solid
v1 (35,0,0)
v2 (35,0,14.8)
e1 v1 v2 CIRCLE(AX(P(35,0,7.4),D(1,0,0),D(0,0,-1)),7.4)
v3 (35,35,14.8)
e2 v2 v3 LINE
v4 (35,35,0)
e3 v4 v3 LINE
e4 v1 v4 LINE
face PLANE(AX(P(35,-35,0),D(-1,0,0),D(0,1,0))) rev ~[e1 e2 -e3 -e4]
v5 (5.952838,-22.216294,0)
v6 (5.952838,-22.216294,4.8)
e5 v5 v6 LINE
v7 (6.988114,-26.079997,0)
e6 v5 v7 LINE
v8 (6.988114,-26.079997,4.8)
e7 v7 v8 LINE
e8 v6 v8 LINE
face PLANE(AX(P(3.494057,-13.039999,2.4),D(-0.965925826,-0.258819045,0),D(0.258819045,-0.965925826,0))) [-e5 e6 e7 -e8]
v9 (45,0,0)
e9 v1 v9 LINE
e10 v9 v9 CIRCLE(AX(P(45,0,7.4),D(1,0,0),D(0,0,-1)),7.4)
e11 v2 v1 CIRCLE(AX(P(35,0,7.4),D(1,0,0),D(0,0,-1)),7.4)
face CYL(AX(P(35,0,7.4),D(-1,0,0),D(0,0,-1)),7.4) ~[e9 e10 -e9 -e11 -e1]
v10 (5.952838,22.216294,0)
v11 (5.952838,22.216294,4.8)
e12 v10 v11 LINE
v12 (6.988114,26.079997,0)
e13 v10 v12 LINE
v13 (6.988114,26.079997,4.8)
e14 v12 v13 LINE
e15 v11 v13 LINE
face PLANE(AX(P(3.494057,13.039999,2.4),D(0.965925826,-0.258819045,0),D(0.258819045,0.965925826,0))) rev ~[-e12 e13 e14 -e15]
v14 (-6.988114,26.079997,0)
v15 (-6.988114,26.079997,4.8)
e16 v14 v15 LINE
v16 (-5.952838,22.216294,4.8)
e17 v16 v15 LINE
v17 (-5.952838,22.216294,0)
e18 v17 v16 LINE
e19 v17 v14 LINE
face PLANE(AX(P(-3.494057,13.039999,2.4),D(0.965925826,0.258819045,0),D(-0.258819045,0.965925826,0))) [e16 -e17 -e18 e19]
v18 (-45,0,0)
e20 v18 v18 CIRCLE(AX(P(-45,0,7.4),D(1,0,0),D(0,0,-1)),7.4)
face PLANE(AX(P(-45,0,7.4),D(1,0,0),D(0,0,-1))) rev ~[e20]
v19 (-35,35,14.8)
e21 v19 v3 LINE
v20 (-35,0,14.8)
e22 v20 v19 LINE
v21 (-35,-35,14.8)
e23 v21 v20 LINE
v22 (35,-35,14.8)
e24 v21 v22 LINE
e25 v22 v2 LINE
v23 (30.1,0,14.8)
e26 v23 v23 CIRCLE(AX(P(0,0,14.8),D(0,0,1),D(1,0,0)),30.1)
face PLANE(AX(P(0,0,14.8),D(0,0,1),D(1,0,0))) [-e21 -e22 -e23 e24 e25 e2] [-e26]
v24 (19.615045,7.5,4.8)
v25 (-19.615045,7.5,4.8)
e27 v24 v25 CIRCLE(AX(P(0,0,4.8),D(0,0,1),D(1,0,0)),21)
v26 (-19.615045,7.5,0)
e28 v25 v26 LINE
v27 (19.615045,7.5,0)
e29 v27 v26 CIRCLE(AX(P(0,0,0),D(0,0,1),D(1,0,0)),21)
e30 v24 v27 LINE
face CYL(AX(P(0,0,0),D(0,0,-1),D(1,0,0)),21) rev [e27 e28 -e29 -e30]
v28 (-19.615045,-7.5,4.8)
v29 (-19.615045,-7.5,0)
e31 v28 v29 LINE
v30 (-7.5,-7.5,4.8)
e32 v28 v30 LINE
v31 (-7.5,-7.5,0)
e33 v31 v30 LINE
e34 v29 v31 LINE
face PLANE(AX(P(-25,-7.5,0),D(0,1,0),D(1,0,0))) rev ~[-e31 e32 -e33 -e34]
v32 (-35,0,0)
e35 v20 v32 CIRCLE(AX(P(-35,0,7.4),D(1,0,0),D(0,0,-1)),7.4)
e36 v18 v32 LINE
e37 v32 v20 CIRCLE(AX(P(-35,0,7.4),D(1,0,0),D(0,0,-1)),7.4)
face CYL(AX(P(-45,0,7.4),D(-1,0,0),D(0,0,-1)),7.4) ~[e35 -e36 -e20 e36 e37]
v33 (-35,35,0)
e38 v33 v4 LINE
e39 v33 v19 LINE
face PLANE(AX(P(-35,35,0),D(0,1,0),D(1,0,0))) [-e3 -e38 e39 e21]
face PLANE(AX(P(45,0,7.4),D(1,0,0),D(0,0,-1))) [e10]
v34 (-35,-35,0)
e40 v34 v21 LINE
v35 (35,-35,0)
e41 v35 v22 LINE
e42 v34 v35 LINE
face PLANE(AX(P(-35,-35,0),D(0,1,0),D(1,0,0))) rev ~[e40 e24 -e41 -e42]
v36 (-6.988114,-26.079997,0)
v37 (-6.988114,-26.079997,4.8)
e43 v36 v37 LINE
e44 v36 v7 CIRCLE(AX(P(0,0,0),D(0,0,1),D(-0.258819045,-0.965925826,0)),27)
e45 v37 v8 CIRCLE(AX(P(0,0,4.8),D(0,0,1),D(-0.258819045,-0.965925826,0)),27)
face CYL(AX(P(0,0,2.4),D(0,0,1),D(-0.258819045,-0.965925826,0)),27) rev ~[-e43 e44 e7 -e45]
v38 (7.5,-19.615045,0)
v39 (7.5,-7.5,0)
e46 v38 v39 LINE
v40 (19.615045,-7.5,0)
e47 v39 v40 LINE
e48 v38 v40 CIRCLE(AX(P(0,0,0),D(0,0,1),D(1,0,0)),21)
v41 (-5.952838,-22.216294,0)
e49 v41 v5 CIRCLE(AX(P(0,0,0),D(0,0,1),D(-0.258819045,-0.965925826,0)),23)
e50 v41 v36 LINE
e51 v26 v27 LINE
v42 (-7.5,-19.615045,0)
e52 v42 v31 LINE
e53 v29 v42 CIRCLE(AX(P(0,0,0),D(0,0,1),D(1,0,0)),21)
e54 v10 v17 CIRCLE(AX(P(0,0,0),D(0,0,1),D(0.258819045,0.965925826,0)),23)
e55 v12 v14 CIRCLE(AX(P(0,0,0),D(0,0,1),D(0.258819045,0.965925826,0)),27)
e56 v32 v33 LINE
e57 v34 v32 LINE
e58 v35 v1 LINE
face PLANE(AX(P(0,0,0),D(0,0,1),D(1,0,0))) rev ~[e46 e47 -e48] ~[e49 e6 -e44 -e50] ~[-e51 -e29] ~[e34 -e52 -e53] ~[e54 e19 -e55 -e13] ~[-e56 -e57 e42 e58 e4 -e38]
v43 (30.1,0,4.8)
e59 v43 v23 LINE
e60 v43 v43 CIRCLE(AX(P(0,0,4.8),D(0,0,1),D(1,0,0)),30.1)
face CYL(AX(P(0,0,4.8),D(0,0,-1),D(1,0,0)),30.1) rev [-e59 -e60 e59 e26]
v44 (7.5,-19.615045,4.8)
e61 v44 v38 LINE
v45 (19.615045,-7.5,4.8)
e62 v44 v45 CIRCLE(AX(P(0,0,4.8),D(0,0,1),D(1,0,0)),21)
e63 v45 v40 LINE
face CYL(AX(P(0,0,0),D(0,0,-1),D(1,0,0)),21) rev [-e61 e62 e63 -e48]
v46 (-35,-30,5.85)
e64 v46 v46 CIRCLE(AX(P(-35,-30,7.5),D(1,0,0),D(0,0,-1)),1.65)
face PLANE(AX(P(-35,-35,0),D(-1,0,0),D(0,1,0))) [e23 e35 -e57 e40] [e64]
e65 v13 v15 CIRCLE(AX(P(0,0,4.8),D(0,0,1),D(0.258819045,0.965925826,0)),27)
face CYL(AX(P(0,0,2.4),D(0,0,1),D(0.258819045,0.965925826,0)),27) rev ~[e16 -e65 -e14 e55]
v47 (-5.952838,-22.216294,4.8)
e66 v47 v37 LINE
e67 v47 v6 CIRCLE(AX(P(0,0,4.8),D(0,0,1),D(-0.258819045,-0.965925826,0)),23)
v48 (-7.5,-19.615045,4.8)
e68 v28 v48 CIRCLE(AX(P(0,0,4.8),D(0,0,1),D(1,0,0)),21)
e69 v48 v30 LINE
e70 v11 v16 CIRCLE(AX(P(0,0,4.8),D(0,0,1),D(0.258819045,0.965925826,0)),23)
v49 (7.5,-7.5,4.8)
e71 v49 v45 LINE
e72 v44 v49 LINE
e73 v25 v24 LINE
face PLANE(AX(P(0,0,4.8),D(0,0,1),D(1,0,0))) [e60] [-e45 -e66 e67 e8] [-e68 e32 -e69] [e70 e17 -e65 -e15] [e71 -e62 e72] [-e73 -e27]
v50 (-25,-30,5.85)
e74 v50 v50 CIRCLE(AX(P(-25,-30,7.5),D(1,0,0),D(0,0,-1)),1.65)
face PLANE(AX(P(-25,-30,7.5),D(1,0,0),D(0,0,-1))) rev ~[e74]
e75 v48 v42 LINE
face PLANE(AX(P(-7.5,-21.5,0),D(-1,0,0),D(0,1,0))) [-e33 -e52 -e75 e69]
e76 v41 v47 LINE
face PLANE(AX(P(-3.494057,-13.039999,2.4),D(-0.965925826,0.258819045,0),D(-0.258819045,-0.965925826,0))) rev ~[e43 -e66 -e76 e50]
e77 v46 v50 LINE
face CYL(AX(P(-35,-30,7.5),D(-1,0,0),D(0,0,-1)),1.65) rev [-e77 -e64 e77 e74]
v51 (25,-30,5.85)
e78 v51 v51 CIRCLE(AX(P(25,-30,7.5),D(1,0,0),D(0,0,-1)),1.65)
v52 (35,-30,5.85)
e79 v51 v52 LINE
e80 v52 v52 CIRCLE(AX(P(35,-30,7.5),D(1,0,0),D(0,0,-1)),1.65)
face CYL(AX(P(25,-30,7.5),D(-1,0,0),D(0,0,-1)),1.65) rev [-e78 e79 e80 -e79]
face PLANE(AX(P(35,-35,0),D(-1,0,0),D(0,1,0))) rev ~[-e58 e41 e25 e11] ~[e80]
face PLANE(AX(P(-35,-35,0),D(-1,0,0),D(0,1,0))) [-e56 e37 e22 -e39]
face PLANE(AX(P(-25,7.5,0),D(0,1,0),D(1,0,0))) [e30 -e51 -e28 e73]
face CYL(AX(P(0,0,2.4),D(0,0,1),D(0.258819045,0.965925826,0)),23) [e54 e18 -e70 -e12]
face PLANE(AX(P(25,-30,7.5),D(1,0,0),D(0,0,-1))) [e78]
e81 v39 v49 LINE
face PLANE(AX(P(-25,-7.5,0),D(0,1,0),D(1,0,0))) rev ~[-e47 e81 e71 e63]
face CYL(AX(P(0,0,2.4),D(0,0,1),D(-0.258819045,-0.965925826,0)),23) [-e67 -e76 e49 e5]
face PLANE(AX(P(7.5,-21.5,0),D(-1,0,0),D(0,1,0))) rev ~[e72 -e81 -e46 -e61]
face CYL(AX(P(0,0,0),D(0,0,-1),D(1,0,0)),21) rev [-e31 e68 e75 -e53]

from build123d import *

# Parameters (mm, degrees)
BOX001_W               = 50
BOX001_H               = 15
BOX001_DEPTH           = 4.8
CYLINDER006_R          = 7.4
CYLINDER006_DEPTH      = 10
BOX002_W               = 15
BOX002_H               = 21.5
BOX002_DEPTH           = 4.8
CYLINDER005_R          = 7.4
CYLINDER005_DEPTH      = 10
CYLINDER002_W          = 23
CYLINDER002_H          = 4.8
CYLINDER002_ANGLE      = 30
CYLINDER001_W          = 27
CYLINDER001_H          = 4.8
CYLINDER001_ANGLE      = 30
CUT001_PLACEMENT_ANGLE = 105
CYLINDER010_R          = 1.65
CYLINDER010_DEPTH      = 10
CYLINDER012_R          = 1.65
CYLINDER012_DEPTH      = 10
CYLINDER013_R          = 21
CYLINDER013_DEPTH      = 4.8
CYLINDER004_W          = 23
CYLINDER004_H          = 4.8
CYLINDER004_ANGLE      = 30
CYLINDER003_W          = 27
CYLINDER003_H          = 4.8
CYLINDER003_ANGLE      = 30
CUT002_PLACEMENT_ANGLE = 75
CYLINDER_R             = 30.1
CYLINDER_DEPTH         = 10
BOX_W                  = 70
BOX_H                  = 70
BOX_DEPTH              = 14.8


with BuildPart() as w_rfel001:
    # Box001 → Box001 (new body)
    with BuildSketch(Plane(origin=(-25, -7.5, 0), x_dir=(1, 0, 0), z_dir=(0, 0, 1))):
        with Locations((25, 7.5)):
            Rectangle(BOX001_W, BOX001_H)
    extrude(amount=BOX001_DEPTH)


with BuildPart() as cylinder006:
    # Cylinder006 → Cylinder006 (new body)
    with BuildSketch(Plane(origin=(35, 0, 7.4), x_dir=(0, 0, -1), z_dir=(1, 0, 0))):
        Circle(CYLINDER006_R)
    extrude(amount=CYLINDER006_DEPTH)


with BuildPart() as w_rfel002:
    # Box002 → Box002 (new body)
    with BuildSketch(Plane(origin=(-7.5, -21.5, 0), x_dir=(1, 0, 0), z_dir=(0, 0, 1))):
        with Locations((7.5, 10.75)):
            Rectangle(BOX002_W, BOX002_H)
    extrude(amount=BOX002_DEPTH)


with BuildPart() as fusion001:
    # Cylinder005 → Cylinder005 (new body)
    with BuildSketch(Plane(origin=(-45, 0, 7.4), x_dir=(0, 0, -1), z_dir=(1, 0, 0))):
        Circle(CYLINDER005_R)
    extrude(amount=CYLINDER005_DEPTH)

    # Fusion001: union Würfel001, Cylinder006, Würfel002
    add(w_rfel001.part)
    add(cylinder006.part)
    add(w_rfel002.part)


with BuildPart() as zylinder002:
    # Cylinder002 → Cylinder002 (revolve)
    with BuildSketch(Plane.XZ):
        with Locations((11.5, 2.4)):
            Rectangle(CYLINDER002_W, CYLINDER002_H)
    revolve(axis=Axis((0, 0, 0), (0, 0, 1)), revolution_arc=CYLINDER002_ANGLE)


with BuildPart() as cut004:
    # Cylinder001 → Cylinder001 (revolve)
    with BuildSketch(Plane.XZ):
        with Locations((13.5, 2.4)):
            Rectangle(CYLINDER001_W, CYLINDER001_H)
    revolve(axis=Axis((0, 0, 0), (0, 0, 1)), revolution_arc=CYLINDER001_ANGLE)

    # Cut001: cut Zylinder002
    add(zylinder002.part, mode=Mode.SUBTRACT)


with BuildPart() as cut004_1:
    # Cut001 placement: moved
    add(cut004.part.rotate(Axis((0, 0, 0), (0, 0, -1)), CUT001_PLACEMENT_ANGLE))


with BuildPart() as cylinder010:
    # Cylinder010 → Cylinder010 (new body)
    with BuildSketch(Plane(origin=(-35, -30, 7.5), x_dir=(0, 0, -1), z_dir=(1, 0, 0))):
        Circle(CYLINDER010_R)
    extrude(amount=CYLINDER010_DEPTH)


with BuildPart() as cylinder012:
    # Cylinder012 → Cylinder012 (new body)
    with BuildSketch(Plane(origin=(25, -30, 7.5), x_dir=(0, 0, -1), z_dir=(1, 0, 0))):
        Circle(CYLINDER012_R)
    extrude(amount=CYLINDER012_DEPTH)


with BuildPart() as cylinder013:
    # Cylinder013 → Cylinder013 (new body)
    with BuildSketch(Plane.XY):
        Circle(CYLINDER013_R)
    extrude(amount=CYLINDER013_DEPTH)


with BuildPart() as zylinder004:
    # Cylinder004 → Cylinder004 (revolve)
    with BuildSketch(Plane.XZ):
        with Locations((11.5, 2.4)):
            Rectangle(CYLINDER004_W, CYLINDER004_H)
    revolve(axis=Axis((0, 0, 0), (0, 0, 1)), revolution_arc=CYLINDER004_ANGLE)


with BuildPart() as bohrschlitze:
    # Cylinder003 → Cylinder003 (revolve)
    with BuildSketch(Plane.XZ):
        with Locations((13.5, 2.4)):
            Rectangle(CYLINDER003_W, CYLINDER003_H)
    revolve(axis=Axis((0, 0, 0), (0, 0, 1)), revolution_arc=CYLINDER003_ANGLE)

    # Cut002: cut Zylinder004
    add(zylinder004.part, mode=Mode.SUBTRACT)


with BuildPart() as bohrschlitze_1:
    # Cut002 placement: moved
    add(bohrschlitze.part.rotate(Axis((0, 0, 0), (0, 0, 1)), CUT002_PLACEMENT_ANGLE))

    # Fusion: union Cut004, Cylinder010, Cylinder012, Cylinder013
    add(cut004_1.part)
    add(cylinder010.part)
    add(cylinder012.part)
    add(cylinder013.part)


with BuildPart() as zylinder:
    # Cylinder → Cylinder (new body)
    with BuildSketch(Plane.XY.offset(4.8)):
        Circle(CYLINDER_R)
    extrude(amount=CYLINDER_DEPTH)


with BuildPart() as fusion002:
    # Box → Box (new body)
    with BuildSketch(Plane(origin=(-35, -35, 0), x_dir=(1, 0, 0), z_dir=(0, 0, 1))):
        with Locations((35, 35)):
            Rectangle(BOX_W, BOX_H)
    extrude(amount=BOX_DEPTH)

    # Cut: cut Zylinder
    add(zylinder.part, mode=Mode.SUBTRACT)

    # Cut003: cut Bohrschlitze
    add(bohrschlitze_1.part, mode=Mode.SUBTRACT)

    # Fusion002: union Fusion001
    add(fusion001.part)


solid = fusion002.part
